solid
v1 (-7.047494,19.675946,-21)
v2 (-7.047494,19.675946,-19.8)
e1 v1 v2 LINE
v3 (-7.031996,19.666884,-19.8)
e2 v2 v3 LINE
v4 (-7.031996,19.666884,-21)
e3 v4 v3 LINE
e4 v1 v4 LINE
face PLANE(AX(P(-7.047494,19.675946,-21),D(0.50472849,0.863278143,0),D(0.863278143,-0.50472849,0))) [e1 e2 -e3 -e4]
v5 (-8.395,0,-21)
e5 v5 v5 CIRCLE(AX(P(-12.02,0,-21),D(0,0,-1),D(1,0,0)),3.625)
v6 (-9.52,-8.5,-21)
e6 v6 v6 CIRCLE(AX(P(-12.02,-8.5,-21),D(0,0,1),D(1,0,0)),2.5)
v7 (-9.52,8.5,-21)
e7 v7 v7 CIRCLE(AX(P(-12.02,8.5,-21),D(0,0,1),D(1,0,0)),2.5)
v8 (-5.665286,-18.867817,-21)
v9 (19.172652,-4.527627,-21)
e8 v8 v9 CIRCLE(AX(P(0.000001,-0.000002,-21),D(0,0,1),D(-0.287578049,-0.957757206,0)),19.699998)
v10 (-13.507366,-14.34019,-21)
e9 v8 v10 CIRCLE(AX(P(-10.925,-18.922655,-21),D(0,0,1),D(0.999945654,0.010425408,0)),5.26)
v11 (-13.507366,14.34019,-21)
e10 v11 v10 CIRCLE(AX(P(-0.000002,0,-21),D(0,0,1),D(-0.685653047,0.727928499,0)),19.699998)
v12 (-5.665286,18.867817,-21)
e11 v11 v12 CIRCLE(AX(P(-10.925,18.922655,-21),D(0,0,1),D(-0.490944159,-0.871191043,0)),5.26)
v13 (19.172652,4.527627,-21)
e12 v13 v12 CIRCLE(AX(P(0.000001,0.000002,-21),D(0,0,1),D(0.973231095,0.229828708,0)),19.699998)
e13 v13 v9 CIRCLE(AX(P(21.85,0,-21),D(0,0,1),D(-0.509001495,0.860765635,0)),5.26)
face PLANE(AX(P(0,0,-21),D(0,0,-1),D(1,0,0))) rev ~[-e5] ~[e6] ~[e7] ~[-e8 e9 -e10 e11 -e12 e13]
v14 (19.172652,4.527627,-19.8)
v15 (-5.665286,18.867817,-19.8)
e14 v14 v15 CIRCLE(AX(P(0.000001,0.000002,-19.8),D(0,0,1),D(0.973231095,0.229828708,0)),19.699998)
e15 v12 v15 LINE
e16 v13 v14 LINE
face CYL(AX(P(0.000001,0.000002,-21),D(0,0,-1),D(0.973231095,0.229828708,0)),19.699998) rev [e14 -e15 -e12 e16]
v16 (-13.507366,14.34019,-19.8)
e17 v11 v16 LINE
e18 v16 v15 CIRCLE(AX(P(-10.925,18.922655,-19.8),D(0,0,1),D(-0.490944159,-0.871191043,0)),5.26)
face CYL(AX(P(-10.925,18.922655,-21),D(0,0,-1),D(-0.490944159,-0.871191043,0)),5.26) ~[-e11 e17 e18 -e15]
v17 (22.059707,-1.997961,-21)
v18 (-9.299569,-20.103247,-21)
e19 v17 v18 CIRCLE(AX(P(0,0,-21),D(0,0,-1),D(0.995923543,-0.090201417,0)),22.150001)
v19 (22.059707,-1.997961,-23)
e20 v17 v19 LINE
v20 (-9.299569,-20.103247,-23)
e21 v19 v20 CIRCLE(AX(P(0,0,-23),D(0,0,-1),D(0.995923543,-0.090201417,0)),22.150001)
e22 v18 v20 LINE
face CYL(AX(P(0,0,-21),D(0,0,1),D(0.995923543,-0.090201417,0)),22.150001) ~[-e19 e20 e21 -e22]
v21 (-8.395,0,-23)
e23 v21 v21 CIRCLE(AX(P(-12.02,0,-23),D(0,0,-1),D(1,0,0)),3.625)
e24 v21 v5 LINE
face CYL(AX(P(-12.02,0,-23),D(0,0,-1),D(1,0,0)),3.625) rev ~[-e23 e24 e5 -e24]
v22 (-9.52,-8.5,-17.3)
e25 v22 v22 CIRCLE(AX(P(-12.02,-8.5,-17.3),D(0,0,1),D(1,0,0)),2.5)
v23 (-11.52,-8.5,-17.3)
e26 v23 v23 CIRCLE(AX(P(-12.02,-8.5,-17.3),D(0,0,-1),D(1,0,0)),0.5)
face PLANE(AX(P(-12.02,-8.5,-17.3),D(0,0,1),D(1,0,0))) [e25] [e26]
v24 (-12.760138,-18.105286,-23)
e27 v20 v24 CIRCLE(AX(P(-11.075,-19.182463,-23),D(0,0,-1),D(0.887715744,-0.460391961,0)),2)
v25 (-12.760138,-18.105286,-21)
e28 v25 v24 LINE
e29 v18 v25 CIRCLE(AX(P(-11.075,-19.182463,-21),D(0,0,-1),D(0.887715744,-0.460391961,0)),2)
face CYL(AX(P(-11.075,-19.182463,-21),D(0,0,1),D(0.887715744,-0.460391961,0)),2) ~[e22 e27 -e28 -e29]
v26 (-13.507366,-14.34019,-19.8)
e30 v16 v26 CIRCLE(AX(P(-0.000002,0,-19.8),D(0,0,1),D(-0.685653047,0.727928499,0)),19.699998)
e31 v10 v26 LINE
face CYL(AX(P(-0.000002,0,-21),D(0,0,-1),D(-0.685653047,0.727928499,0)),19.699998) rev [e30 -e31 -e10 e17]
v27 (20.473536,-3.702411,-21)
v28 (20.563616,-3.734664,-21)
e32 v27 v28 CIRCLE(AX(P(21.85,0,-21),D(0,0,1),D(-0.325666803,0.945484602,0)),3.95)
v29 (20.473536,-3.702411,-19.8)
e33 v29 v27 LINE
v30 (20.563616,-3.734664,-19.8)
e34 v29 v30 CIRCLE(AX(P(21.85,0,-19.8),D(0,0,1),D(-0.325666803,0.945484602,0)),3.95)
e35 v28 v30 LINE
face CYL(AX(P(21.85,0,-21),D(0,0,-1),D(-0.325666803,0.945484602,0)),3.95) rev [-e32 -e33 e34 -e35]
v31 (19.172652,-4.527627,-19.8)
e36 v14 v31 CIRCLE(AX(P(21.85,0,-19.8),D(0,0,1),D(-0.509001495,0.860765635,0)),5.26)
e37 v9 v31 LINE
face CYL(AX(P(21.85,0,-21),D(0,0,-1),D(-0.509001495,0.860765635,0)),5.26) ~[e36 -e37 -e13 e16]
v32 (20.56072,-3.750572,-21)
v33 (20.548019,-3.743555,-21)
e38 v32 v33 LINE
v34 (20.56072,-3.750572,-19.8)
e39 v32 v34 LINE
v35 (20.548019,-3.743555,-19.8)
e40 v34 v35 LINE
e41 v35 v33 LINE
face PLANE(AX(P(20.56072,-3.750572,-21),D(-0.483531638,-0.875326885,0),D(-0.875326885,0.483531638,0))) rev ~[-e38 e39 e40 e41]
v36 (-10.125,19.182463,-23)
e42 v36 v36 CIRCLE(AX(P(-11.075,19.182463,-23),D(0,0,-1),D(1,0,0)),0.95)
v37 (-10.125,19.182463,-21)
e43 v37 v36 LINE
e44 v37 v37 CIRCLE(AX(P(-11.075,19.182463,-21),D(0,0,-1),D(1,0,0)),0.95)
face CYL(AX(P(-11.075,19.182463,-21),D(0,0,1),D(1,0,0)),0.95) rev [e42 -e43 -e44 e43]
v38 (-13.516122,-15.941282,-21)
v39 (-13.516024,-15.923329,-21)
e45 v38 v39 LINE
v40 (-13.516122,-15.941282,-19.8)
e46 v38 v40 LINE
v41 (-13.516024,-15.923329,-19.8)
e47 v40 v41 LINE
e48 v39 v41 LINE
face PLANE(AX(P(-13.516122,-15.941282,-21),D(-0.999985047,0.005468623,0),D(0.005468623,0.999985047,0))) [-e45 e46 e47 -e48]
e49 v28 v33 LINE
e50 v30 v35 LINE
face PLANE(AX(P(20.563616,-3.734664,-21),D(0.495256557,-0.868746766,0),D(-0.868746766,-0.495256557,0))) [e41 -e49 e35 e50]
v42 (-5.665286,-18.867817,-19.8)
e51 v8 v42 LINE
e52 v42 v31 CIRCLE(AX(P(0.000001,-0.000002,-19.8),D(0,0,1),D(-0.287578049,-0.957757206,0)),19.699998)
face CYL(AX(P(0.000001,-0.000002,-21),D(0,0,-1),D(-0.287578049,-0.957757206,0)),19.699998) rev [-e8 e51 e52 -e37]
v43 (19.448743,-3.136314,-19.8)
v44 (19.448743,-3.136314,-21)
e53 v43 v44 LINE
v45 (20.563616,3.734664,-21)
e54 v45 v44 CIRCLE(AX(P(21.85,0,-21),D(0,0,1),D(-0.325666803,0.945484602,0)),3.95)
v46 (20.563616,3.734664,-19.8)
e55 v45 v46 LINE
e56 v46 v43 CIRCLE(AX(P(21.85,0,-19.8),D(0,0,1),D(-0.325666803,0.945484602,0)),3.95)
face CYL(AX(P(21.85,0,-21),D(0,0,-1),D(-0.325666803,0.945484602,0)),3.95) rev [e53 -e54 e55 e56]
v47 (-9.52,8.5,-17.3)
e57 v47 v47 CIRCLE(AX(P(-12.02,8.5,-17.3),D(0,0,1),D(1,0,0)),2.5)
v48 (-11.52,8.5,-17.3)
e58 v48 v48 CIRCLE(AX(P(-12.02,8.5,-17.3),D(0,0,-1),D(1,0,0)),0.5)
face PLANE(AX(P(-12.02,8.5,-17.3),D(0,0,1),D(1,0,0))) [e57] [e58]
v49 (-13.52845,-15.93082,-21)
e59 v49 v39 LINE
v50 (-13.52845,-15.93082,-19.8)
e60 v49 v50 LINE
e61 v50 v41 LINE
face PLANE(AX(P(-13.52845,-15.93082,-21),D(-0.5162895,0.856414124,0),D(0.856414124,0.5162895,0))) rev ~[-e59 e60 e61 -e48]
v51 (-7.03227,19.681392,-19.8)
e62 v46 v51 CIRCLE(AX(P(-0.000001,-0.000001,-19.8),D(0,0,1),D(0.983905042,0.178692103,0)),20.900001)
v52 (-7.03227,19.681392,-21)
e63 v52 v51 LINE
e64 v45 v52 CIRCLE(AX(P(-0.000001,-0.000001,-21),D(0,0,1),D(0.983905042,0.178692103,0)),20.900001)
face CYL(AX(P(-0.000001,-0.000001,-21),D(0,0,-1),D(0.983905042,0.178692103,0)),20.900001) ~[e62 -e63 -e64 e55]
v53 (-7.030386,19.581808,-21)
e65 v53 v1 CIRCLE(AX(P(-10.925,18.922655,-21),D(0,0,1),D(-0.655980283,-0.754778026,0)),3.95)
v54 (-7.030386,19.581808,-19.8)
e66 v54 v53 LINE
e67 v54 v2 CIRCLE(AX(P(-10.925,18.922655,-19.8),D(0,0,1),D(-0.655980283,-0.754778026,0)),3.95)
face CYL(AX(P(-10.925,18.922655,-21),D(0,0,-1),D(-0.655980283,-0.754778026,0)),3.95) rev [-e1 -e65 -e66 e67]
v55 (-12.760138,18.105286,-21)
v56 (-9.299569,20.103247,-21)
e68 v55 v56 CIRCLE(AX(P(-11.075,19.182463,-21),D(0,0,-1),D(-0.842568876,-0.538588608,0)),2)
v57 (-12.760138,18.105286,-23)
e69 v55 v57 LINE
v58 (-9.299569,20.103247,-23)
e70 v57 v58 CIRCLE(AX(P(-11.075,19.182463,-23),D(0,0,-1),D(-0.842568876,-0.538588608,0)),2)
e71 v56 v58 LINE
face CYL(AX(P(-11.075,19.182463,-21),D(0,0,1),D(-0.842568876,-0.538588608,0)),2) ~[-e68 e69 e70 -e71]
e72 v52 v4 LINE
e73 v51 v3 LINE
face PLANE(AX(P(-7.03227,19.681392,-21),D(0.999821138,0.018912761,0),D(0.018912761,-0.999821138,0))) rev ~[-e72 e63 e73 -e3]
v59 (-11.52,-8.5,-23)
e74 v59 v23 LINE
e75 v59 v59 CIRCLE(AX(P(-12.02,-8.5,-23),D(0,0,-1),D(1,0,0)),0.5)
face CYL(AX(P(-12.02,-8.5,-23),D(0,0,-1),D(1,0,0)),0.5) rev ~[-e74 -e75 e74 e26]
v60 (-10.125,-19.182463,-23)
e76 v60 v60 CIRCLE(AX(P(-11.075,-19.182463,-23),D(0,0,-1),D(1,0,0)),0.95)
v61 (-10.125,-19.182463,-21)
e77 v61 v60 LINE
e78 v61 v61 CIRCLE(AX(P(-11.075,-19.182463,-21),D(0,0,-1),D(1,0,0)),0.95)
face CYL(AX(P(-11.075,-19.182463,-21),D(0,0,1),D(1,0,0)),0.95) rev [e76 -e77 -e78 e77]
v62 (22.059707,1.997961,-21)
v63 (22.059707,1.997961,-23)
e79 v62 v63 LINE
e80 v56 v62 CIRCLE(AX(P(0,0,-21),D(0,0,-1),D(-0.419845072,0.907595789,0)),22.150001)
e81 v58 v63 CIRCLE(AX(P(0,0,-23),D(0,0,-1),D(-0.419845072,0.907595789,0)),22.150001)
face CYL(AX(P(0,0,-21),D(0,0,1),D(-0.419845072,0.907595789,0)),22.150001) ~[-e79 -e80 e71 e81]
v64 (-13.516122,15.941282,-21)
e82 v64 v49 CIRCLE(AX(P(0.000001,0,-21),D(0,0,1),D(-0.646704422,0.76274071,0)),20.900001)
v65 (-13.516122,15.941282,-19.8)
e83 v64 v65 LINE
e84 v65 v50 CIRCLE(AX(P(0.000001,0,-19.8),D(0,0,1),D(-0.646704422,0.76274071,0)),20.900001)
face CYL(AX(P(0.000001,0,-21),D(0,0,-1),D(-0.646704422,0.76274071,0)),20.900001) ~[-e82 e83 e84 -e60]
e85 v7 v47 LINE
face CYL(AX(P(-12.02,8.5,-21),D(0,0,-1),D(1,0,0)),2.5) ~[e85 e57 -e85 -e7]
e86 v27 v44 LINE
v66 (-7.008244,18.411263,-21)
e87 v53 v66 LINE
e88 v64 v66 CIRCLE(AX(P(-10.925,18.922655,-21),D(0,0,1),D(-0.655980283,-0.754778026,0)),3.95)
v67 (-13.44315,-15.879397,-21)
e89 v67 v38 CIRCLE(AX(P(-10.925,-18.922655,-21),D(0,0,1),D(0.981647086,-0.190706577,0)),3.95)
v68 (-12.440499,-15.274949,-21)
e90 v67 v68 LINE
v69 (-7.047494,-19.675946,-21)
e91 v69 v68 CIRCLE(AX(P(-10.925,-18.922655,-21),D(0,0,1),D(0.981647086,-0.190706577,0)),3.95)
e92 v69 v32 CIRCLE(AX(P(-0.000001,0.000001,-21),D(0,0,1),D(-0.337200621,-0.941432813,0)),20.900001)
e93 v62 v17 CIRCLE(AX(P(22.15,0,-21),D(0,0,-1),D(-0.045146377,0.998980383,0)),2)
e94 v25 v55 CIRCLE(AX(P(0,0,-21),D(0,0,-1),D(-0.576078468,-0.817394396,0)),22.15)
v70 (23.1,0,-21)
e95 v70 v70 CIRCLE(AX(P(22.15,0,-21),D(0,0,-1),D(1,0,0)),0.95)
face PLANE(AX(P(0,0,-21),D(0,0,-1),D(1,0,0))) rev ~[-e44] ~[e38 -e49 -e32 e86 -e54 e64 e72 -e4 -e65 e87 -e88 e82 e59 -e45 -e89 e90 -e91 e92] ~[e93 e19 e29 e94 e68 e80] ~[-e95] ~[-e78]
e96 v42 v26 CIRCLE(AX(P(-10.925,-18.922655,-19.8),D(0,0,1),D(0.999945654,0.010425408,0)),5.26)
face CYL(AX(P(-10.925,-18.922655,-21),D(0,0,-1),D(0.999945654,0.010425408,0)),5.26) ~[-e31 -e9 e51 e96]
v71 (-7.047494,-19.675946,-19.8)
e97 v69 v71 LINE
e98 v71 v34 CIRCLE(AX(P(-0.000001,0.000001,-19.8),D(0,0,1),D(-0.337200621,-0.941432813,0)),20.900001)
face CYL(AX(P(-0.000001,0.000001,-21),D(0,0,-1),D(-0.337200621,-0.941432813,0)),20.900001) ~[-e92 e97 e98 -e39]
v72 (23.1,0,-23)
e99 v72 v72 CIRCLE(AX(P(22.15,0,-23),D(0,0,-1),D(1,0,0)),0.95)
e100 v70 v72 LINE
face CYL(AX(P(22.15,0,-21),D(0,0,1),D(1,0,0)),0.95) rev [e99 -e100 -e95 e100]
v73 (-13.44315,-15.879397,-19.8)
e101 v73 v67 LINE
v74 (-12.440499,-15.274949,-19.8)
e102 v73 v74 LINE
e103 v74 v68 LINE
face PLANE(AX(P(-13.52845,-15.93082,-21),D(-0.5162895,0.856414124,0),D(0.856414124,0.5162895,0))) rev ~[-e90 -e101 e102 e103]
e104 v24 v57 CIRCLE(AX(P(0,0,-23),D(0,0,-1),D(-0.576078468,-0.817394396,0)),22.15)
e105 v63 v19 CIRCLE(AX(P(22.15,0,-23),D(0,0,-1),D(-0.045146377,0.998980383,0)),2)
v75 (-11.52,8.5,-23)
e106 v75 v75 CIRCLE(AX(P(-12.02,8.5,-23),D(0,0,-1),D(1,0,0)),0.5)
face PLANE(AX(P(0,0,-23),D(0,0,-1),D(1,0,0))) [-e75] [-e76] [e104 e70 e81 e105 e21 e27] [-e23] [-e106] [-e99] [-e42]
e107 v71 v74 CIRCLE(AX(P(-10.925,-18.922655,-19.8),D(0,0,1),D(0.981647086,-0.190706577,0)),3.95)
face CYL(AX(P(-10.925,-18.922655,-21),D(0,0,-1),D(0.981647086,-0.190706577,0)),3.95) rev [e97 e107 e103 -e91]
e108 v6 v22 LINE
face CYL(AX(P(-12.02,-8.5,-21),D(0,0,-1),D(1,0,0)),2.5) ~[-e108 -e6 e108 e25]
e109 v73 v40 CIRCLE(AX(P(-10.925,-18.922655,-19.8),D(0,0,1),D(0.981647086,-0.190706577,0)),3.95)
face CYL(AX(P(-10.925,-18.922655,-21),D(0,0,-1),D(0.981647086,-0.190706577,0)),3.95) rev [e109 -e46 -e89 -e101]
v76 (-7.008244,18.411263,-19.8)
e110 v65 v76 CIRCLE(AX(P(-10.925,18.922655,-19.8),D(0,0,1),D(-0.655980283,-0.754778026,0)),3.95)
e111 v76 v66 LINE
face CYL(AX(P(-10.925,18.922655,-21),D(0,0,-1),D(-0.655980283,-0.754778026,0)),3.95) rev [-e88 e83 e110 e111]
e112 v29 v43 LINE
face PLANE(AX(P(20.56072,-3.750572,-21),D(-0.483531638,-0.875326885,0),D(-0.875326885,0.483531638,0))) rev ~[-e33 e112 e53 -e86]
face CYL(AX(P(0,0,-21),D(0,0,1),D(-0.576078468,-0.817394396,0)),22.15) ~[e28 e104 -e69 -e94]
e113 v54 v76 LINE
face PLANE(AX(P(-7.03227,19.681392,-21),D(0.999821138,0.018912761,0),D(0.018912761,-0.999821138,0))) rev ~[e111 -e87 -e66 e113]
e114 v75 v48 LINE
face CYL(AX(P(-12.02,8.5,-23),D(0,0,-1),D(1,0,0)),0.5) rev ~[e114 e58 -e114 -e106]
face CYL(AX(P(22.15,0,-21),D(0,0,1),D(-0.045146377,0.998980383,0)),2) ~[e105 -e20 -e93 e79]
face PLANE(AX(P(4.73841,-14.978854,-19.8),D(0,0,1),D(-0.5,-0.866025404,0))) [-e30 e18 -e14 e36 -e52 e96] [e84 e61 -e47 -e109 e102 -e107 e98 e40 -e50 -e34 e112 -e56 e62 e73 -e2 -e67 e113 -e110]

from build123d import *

# Parameters (mm, degrees)
SKETCH007_R        = 0.95
PAD003_DEPTH       = 2
PAD004_DEPTH       = 1.2
POLARPATTERN_COUNT = 3
SKETCH013_R        = 2.5
PAD006_DEPTH       = 3.7
SKETCH011_R        = 3.625
SKETCH011_R_2      = 0.5
POCKET003_DEPTH    = 5.701


with BuildPart() as part:
    # Sketch007 (on DatumPlane) → Pad003 (new body)
    with BuildSketch(Plane(origin=(0, 0, -21), x_dir=(1, 0, 0), z_dir=(0, 0, -1))):
        with BuildLine():
            ThreePointArc((22.059707, 1.997961), (11.075, 19.182463), (-9.299569, 20.103247))
            ThreePointArc((-9.299569, 20.103247), (-12.075, 20.914514), (-12.760138, 18.105286))
            ThreePointArc((-12.760138, 18.105286), (-22.15, 0), (-12.760138, -18.105286))
            ThreePointArc((-12.760138, -18.105286), (-12.075, -20.914514), (-9.299569, -20.103247))
            ThreePointArc((-9.299569, -20.103247), (11.075, -19.182463), (22.059707, -1.997961))
            ThreePointArc((22.059707, -1.997961), (24.15, 0), (22.059707, 1.997961))
        make_face()
        with Locations((22.15, 0)):
            Circle(SKETCH007_R, mode=Mode.SUBTRACT)
        with Locations((-11.075, 19.182463)):
            Circle(SKETCH007_R, mode=Mode.SUBTRACT)
        with Locations((-11.075, -19.182463)):
            Circle(SKETCH007_R, mode=Mode.SUBTRACT)
    extrude(amount=PAD003_DEPTH)

    # Sketch008 (on DatumPlane) → Pad004 (join)
    with BuildSketch(Plane.XY.offset(-21)):
        with BuildLine():
            ThreePointArc((20.563616, 3.734664), (10.457001, 18.095887), (-7.03227, 19.681392))
            Line((-7.03227, 19.681392), (-7.008244, 18.41126))
            ThreePointArc((19.172652, 4.527627), (9.229411, 17.404252), (-7.008244, 18.41126))
            ThreePointArc((19.172652, 4.527627), (16.59, 0), (19.172652, -4.527627))
            Line((20.563616, -3.734664), (19.172652, -4.527627))
            ThreePointArc((20.563616, 3.734664), (17.9, 0), (20.563616, -3.734664))
        make_face()
    pad004 = extrude(amount=PAD004_DEPTH)

    # PolarPattern: Pad004 ×3 about axis
    polarpattern_axis = Axis((0, 0, -21), (0, 0, 1))
    for i in range(1, POLARPATTERN_COUNT):
        add(pad004.rotate(polarpattern_axis, i * 360 / POLARPATTERN_COUNT))

    # Sketch013 (on DatumPlane) → Pad006 (join)
    with BuildSketch(Plane.XY.offset(-21)):
        with Locations((-12.02, 8.5)):
            Circle(SKETCH013_R)
        with Locations((-12.02, -8.5)):
            Circle(SKETCH013_R)
    extrude(amount=PAD006_DEPTH)

    # Sketch011 (on DatumPlane) → Pocket003 (cut, through all)
    with BuildSketch(Plane(origin=(0, 0, -23), x_dir=(1, 0, 0), z_dir=(0, 0, -1))):
        with Locations((-12.02, 0)):
            Circle(SKETCH011_R)
        with Locations((-12.02, 8.5)):
            Circle(SKETCH011_R_2)
        with Locations((-12.02, -8.5)):
            Circle(SKETCH011_R_2)
    extrude(amount=-POCKET003_DEPTH, mode=Mode.SUBTRACT)


solid = part.part
